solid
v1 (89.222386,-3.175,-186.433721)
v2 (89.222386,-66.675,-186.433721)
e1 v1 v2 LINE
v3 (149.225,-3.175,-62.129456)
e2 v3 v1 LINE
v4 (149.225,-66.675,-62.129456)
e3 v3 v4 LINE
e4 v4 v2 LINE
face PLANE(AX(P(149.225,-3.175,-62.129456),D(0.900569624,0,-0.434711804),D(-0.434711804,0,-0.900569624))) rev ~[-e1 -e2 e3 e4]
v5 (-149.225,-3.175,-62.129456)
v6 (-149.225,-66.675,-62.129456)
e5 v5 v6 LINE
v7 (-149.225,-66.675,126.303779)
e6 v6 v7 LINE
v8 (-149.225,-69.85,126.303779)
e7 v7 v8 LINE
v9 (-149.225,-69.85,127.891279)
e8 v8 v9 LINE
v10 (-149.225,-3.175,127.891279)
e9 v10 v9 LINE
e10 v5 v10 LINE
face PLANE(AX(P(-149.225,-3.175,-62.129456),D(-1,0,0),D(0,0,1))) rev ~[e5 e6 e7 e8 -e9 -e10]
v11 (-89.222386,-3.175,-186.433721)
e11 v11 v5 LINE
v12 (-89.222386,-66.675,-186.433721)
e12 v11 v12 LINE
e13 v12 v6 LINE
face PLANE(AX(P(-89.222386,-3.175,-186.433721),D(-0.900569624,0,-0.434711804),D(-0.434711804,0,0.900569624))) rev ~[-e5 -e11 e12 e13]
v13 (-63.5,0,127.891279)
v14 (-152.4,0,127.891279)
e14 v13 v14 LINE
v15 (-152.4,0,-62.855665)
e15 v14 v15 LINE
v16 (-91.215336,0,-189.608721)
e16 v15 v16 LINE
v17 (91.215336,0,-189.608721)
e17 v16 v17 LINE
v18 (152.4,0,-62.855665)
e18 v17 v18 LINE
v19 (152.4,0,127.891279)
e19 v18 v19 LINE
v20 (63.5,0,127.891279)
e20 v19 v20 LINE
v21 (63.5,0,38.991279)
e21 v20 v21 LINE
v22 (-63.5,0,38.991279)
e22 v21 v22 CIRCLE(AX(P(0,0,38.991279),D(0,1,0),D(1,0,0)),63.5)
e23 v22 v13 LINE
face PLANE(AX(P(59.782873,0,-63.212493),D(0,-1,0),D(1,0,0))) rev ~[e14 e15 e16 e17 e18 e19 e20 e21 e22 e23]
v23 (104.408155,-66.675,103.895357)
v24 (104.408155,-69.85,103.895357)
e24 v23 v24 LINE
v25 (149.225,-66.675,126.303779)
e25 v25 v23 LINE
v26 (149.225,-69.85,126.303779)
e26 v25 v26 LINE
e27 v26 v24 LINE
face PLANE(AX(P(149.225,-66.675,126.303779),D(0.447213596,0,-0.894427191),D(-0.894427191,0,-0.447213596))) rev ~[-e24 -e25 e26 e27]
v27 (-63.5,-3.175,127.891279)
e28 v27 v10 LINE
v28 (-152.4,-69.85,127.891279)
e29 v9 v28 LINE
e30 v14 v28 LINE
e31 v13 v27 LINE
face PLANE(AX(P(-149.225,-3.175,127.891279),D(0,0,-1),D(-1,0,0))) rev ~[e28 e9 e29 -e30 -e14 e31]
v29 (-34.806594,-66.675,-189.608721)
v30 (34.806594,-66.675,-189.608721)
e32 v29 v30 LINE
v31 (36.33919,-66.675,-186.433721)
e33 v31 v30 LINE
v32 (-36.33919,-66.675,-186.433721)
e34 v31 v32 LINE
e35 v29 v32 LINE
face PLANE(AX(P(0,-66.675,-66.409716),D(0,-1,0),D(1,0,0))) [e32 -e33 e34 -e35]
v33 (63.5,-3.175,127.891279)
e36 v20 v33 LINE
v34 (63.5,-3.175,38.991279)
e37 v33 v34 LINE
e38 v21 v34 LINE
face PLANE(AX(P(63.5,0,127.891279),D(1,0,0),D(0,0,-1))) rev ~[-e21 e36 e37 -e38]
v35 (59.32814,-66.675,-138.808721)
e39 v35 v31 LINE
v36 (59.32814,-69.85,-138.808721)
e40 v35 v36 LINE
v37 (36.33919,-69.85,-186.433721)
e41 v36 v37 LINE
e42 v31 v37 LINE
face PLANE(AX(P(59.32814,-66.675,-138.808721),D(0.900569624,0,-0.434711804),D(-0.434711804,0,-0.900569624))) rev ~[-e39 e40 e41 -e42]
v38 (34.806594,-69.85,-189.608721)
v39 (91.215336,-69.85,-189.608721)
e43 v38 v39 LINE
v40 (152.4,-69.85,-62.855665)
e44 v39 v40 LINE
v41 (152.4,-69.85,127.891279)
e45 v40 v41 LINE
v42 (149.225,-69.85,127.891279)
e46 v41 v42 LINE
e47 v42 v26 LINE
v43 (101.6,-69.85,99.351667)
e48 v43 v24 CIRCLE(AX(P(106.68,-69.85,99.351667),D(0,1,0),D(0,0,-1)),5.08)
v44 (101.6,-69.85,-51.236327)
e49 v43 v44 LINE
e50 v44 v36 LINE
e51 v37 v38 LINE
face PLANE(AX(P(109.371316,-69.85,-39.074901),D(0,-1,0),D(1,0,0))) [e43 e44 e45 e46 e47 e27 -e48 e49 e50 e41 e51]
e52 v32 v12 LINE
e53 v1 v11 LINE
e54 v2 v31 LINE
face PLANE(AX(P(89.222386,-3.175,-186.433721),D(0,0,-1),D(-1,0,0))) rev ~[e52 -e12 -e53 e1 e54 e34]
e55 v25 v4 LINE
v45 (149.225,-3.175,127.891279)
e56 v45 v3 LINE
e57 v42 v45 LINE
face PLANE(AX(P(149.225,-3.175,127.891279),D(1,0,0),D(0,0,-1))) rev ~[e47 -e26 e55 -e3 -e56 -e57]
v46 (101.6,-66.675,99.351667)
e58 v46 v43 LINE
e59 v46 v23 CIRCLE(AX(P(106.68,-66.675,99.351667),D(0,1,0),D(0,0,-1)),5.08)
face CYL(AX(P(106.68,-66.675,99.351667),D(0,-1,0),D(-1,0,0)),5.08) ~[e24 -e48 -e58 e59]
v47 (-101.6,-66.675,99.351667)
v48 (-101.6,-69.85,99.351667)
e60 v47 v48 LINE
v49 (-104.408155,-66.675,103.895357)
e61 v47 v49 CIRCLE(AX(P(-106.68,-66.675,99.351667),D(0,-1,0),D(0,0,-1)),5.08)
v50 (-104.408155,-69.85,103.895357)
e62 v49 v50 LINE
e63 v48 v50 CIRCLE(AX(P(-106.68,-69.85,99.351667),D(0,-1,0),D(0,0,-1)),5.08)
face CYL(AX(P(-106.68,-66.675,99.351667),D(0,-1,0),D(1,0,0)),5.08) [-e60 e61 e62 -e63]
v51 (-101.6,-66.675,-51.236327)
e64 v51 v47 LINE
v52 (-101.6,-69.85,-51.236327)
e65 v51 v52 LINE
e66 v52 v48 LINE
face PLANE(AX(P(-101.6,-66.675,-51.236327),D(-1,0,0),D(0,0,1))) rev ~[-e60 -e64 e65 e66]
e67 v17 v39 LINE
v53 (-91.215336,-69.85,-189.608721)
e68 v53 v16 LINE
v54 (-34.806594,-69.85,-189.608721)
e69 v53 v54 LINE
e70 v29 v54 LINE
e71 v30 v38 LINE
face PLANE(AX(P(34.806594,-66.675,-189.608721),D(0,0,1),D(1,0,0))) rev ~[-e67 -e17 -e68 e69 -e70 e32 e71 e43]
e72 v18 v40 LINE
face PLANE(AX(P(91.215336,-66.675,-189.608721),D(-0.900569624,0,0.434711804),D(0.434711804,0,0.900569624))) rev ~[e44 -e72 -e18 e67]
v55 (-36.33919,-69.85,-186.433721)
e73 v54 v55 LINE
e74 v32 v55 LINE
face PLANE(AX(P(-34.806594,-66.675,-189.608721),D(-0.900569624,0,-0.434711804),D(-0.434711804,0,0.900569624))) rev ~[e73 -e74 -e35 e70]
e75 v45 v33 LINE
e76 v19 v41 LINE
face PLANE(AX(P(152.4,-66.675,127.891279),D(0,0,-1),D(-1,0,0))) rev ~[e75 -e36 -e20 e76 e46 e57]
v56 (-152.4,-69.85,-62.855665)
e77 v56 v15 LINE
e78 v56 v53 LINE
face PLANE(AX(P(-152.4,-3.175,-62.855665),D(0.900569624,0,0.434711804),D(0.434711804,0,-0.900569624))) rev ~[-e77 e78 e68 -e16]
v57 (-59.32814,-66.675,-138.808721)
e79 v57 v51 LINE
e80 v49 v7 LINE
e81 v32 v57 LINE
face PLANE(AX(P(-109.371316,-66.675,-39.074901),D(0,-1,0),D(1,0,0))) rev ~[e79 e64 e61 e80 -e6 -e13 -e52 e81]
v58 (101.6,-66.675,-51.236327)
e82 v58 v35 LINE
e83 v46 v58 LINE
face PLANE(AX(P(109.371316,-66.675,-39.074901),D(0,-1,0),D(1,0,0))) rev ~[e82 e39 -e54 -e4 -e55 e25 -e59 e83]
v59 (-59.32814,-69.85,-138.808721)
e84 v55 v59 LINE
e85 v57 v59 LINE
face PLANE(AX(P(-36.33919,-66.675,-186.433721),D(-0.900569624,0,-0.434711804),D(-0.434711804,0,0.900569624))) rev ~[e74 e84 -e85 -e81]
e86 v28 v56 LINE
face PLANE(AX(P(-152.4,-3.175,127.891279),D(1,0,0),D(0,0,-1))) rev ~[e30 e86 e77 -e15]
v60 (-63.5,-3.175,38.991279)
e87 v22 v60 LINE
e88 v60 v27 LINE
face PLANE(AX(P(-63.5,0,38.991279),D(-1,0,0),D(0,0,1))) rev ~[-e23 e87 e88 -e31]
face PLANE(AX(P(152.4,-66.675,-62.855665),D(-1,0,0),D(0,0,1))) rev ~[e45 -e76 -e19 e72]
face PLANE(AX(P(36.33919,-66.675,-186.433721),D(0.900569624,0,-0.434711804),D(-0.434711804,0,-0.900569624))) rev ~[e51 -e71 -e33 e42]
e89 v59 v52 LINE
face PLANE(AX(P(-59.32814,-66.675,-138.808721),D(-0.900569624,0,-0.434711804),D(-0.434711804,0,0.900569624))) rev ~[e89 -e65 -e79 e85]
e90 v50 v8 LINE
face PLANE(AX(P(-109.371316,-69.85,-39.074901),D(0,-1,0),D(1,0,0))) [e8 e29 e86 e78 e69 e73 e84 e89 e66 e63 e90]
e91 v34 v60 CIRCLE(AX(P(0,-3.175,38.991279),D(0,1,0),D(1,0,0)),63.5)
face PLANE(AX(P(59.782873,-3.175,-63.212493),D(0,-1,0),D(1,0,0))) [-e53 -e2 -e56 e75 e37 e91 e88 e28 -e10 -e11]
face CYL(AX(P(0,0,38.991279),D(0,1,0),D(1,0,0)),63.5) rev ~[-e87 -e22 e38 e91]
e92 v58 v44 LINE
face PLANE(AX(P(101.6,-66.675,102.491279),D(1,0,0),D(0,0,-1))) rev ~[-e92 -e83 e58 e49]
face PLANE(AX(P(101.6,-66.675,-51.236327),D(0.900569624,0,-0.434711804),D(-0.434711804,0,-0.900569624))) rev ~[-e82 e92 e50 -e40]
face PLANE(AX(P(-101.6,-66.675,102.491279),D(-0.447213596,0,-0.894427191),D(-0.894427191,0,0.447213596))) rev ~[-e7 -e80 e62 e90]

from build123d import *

# Parameters (mm, degrees)
F1_DEPTH = 3.175
F3_DEPTH = 63.5
F5_DEPTH = 3.175
F6_R     = 5.08


with BuildPart() as f1:
    # F0 (on Front) → F1 (new body)
    with BuildSketch(Plane.XZ):
        with BuildLine():
            Line((0, -24.5087207538), (0, -189.6087207538))
            ThreePointArc((0, -189.6087207538), (98.7828173318, -148.6915380856), (139.7, -49.9087207538))
            ThreePointArc((139.7, -49.9087207538), (119.1365602995, 23.0472248572), (63.5, 74.5253581796))
            Line((63.5, 74.5253581796), (63.5, 38.9912792462))
            ThreePointArc((63.5, 38.9912792462), (44.9012806053, -5.9100013592), (0, -24.5087207538))
        make_face()
        with BuildLine():
            ThreePointArc((-63.5, 74.5253581795), (-135.8299135445, -82.5633465594), (0, -189.6087207538))
            Line((0, -189.6087207538), (0, -24.5087207538))
            ThreePointArc((0, -24.5087207538), (-44.9012806053, -5.9100013592), (-63.5, 38.9912792462))
            Line((-63.5, 38.9912792462), (-63.5, 74.5253581795))
        make_face()
        with BuildLine():
            Line((-152.4, 127.8912792462), (-152.4, -62.8556646327))
            Line((-152.4, -62.8556646327), (-91.2153361462, -189.6087207538))
            Line((-91.2153361462, -189.6087207538), (0, -189.6087207538))
            ThreePointArc((0, -189.6087207538), (-135.8299135445, -82.5633465594), (-63.5, 74.5253581795))
            Line((-63.5, 74.5253581795), (-63.5, 127.8912792462))
            Line((-63.5, 127.8912792462), (-152.4, 127.8912792462))
        make_face()
        with BuildLine():
            ThreePointArc((139.7, -49.9087207538), (98.7828173318, -148.6915380856), (0, -189.6087207538))
            Line((0, -189.6087207538), (91.2153361462, -189.6087207538))
            Line((91.2153361462, -189.6087207538), (152.4, -62.8556646327))
            Line((152.4, -62.8556646327), (152.4, 127.8912792462))
            Line((152.4, 127.8912792462), (63.5, 127.8912792462))
            Line((63.5, 127.8912792462), (63.5, 74.5253581796))
            ThreePointArc((63.5, 74.5253581796), (119.1365602995, 23.0472248572), (139.7, -49.9087207538))
        make_face()
    extrude(amount=F1_DEPTH)

    # F2 (on face) → F3 (join)
    with BuildSketch(Plane.XZ.offset(3.175)):
        Polygon((-149.225, -62.1294560471), (-149.225, 127.8912792462), (-152.4, 127.8912792462), (-152.4, -62.8556646327), (-91.2153361462, -189.6087207538), (91.2153361462, -189.6087207538), (152.4, -62.8556646327), (152.4, 127.8912792462), (149.225, 127.8912792462), (149.225, -62.1294560471), (89.2223863794, -186.4337207538), (-89.2223863794, -186.4337207538), align=None)
    extrude(amount=F3_DEPTH)

    # F4 (on face) → F5 (join)
    with BuildSketch(Plane.XZ.offset(66.675)):
        Polygon((59.3281398768, -138.8087207538), (36.3391902988, -186.4337207538), (89.2223863794, -186.4337207538), (149.225, -62.1294560471), (149.225, 126.3037792462), (101.6, 102.4912792462), (101.6, -51.2363272641), align=None)
        Polygon((-101.6, 102.4912792462), (-149.225, 126.3037792462), (-149.225, -62.1294560471), (-89.2223863794, -186.4337207538), (-36.3391902988, -186.4337207538), (-59.3281398768, -138.8087207538), (-101.6, -51.2363272641), align=None)
        Polygon((36.3391902988, -186.4337207538), (34.8065936602, -189.6087207538), (91.2153361462, -189.6087207538), (152.4, -62.8556646327), (152.4, 127.8912792462), (149.225, 126.3037792462), (149.225, -62.1294560471), (89.2223863794, -186.4337207538), align=None)
        Polygon((-149.225, 126.3037792462), (-152.4, 127.8912792462), (-152.4, -62.8556646327), (-91.2153361462, -189.6087207538), (-34.8065936602, -189.6087207538), (-36.3391902988, -186.4337207538), (-89.2223863794, -186.4337207538), (-149.225, -62.1294560471), align=None)
        Polygon((149.225, 126.3037792462), (152.4, 127.8912792462), (149.225, 127.8912792462), align=None)
        Polygon((-149.225, 127.8912792462), (-152.4, 127.8912792462), (-149.225, 126.3037792462), align=None)
    extrude(amount=F5_DEPTH)

    # F6
    f6_edges = [f1.edges().sort_by_distance(p)[0] for p in [
        (101.6, -68.2625, 102.491279),
        (-101.6, -68.2625, 102.491279),
    ]]
    fillet(f6_edges, radius=F6_R)


solid = f1.part
